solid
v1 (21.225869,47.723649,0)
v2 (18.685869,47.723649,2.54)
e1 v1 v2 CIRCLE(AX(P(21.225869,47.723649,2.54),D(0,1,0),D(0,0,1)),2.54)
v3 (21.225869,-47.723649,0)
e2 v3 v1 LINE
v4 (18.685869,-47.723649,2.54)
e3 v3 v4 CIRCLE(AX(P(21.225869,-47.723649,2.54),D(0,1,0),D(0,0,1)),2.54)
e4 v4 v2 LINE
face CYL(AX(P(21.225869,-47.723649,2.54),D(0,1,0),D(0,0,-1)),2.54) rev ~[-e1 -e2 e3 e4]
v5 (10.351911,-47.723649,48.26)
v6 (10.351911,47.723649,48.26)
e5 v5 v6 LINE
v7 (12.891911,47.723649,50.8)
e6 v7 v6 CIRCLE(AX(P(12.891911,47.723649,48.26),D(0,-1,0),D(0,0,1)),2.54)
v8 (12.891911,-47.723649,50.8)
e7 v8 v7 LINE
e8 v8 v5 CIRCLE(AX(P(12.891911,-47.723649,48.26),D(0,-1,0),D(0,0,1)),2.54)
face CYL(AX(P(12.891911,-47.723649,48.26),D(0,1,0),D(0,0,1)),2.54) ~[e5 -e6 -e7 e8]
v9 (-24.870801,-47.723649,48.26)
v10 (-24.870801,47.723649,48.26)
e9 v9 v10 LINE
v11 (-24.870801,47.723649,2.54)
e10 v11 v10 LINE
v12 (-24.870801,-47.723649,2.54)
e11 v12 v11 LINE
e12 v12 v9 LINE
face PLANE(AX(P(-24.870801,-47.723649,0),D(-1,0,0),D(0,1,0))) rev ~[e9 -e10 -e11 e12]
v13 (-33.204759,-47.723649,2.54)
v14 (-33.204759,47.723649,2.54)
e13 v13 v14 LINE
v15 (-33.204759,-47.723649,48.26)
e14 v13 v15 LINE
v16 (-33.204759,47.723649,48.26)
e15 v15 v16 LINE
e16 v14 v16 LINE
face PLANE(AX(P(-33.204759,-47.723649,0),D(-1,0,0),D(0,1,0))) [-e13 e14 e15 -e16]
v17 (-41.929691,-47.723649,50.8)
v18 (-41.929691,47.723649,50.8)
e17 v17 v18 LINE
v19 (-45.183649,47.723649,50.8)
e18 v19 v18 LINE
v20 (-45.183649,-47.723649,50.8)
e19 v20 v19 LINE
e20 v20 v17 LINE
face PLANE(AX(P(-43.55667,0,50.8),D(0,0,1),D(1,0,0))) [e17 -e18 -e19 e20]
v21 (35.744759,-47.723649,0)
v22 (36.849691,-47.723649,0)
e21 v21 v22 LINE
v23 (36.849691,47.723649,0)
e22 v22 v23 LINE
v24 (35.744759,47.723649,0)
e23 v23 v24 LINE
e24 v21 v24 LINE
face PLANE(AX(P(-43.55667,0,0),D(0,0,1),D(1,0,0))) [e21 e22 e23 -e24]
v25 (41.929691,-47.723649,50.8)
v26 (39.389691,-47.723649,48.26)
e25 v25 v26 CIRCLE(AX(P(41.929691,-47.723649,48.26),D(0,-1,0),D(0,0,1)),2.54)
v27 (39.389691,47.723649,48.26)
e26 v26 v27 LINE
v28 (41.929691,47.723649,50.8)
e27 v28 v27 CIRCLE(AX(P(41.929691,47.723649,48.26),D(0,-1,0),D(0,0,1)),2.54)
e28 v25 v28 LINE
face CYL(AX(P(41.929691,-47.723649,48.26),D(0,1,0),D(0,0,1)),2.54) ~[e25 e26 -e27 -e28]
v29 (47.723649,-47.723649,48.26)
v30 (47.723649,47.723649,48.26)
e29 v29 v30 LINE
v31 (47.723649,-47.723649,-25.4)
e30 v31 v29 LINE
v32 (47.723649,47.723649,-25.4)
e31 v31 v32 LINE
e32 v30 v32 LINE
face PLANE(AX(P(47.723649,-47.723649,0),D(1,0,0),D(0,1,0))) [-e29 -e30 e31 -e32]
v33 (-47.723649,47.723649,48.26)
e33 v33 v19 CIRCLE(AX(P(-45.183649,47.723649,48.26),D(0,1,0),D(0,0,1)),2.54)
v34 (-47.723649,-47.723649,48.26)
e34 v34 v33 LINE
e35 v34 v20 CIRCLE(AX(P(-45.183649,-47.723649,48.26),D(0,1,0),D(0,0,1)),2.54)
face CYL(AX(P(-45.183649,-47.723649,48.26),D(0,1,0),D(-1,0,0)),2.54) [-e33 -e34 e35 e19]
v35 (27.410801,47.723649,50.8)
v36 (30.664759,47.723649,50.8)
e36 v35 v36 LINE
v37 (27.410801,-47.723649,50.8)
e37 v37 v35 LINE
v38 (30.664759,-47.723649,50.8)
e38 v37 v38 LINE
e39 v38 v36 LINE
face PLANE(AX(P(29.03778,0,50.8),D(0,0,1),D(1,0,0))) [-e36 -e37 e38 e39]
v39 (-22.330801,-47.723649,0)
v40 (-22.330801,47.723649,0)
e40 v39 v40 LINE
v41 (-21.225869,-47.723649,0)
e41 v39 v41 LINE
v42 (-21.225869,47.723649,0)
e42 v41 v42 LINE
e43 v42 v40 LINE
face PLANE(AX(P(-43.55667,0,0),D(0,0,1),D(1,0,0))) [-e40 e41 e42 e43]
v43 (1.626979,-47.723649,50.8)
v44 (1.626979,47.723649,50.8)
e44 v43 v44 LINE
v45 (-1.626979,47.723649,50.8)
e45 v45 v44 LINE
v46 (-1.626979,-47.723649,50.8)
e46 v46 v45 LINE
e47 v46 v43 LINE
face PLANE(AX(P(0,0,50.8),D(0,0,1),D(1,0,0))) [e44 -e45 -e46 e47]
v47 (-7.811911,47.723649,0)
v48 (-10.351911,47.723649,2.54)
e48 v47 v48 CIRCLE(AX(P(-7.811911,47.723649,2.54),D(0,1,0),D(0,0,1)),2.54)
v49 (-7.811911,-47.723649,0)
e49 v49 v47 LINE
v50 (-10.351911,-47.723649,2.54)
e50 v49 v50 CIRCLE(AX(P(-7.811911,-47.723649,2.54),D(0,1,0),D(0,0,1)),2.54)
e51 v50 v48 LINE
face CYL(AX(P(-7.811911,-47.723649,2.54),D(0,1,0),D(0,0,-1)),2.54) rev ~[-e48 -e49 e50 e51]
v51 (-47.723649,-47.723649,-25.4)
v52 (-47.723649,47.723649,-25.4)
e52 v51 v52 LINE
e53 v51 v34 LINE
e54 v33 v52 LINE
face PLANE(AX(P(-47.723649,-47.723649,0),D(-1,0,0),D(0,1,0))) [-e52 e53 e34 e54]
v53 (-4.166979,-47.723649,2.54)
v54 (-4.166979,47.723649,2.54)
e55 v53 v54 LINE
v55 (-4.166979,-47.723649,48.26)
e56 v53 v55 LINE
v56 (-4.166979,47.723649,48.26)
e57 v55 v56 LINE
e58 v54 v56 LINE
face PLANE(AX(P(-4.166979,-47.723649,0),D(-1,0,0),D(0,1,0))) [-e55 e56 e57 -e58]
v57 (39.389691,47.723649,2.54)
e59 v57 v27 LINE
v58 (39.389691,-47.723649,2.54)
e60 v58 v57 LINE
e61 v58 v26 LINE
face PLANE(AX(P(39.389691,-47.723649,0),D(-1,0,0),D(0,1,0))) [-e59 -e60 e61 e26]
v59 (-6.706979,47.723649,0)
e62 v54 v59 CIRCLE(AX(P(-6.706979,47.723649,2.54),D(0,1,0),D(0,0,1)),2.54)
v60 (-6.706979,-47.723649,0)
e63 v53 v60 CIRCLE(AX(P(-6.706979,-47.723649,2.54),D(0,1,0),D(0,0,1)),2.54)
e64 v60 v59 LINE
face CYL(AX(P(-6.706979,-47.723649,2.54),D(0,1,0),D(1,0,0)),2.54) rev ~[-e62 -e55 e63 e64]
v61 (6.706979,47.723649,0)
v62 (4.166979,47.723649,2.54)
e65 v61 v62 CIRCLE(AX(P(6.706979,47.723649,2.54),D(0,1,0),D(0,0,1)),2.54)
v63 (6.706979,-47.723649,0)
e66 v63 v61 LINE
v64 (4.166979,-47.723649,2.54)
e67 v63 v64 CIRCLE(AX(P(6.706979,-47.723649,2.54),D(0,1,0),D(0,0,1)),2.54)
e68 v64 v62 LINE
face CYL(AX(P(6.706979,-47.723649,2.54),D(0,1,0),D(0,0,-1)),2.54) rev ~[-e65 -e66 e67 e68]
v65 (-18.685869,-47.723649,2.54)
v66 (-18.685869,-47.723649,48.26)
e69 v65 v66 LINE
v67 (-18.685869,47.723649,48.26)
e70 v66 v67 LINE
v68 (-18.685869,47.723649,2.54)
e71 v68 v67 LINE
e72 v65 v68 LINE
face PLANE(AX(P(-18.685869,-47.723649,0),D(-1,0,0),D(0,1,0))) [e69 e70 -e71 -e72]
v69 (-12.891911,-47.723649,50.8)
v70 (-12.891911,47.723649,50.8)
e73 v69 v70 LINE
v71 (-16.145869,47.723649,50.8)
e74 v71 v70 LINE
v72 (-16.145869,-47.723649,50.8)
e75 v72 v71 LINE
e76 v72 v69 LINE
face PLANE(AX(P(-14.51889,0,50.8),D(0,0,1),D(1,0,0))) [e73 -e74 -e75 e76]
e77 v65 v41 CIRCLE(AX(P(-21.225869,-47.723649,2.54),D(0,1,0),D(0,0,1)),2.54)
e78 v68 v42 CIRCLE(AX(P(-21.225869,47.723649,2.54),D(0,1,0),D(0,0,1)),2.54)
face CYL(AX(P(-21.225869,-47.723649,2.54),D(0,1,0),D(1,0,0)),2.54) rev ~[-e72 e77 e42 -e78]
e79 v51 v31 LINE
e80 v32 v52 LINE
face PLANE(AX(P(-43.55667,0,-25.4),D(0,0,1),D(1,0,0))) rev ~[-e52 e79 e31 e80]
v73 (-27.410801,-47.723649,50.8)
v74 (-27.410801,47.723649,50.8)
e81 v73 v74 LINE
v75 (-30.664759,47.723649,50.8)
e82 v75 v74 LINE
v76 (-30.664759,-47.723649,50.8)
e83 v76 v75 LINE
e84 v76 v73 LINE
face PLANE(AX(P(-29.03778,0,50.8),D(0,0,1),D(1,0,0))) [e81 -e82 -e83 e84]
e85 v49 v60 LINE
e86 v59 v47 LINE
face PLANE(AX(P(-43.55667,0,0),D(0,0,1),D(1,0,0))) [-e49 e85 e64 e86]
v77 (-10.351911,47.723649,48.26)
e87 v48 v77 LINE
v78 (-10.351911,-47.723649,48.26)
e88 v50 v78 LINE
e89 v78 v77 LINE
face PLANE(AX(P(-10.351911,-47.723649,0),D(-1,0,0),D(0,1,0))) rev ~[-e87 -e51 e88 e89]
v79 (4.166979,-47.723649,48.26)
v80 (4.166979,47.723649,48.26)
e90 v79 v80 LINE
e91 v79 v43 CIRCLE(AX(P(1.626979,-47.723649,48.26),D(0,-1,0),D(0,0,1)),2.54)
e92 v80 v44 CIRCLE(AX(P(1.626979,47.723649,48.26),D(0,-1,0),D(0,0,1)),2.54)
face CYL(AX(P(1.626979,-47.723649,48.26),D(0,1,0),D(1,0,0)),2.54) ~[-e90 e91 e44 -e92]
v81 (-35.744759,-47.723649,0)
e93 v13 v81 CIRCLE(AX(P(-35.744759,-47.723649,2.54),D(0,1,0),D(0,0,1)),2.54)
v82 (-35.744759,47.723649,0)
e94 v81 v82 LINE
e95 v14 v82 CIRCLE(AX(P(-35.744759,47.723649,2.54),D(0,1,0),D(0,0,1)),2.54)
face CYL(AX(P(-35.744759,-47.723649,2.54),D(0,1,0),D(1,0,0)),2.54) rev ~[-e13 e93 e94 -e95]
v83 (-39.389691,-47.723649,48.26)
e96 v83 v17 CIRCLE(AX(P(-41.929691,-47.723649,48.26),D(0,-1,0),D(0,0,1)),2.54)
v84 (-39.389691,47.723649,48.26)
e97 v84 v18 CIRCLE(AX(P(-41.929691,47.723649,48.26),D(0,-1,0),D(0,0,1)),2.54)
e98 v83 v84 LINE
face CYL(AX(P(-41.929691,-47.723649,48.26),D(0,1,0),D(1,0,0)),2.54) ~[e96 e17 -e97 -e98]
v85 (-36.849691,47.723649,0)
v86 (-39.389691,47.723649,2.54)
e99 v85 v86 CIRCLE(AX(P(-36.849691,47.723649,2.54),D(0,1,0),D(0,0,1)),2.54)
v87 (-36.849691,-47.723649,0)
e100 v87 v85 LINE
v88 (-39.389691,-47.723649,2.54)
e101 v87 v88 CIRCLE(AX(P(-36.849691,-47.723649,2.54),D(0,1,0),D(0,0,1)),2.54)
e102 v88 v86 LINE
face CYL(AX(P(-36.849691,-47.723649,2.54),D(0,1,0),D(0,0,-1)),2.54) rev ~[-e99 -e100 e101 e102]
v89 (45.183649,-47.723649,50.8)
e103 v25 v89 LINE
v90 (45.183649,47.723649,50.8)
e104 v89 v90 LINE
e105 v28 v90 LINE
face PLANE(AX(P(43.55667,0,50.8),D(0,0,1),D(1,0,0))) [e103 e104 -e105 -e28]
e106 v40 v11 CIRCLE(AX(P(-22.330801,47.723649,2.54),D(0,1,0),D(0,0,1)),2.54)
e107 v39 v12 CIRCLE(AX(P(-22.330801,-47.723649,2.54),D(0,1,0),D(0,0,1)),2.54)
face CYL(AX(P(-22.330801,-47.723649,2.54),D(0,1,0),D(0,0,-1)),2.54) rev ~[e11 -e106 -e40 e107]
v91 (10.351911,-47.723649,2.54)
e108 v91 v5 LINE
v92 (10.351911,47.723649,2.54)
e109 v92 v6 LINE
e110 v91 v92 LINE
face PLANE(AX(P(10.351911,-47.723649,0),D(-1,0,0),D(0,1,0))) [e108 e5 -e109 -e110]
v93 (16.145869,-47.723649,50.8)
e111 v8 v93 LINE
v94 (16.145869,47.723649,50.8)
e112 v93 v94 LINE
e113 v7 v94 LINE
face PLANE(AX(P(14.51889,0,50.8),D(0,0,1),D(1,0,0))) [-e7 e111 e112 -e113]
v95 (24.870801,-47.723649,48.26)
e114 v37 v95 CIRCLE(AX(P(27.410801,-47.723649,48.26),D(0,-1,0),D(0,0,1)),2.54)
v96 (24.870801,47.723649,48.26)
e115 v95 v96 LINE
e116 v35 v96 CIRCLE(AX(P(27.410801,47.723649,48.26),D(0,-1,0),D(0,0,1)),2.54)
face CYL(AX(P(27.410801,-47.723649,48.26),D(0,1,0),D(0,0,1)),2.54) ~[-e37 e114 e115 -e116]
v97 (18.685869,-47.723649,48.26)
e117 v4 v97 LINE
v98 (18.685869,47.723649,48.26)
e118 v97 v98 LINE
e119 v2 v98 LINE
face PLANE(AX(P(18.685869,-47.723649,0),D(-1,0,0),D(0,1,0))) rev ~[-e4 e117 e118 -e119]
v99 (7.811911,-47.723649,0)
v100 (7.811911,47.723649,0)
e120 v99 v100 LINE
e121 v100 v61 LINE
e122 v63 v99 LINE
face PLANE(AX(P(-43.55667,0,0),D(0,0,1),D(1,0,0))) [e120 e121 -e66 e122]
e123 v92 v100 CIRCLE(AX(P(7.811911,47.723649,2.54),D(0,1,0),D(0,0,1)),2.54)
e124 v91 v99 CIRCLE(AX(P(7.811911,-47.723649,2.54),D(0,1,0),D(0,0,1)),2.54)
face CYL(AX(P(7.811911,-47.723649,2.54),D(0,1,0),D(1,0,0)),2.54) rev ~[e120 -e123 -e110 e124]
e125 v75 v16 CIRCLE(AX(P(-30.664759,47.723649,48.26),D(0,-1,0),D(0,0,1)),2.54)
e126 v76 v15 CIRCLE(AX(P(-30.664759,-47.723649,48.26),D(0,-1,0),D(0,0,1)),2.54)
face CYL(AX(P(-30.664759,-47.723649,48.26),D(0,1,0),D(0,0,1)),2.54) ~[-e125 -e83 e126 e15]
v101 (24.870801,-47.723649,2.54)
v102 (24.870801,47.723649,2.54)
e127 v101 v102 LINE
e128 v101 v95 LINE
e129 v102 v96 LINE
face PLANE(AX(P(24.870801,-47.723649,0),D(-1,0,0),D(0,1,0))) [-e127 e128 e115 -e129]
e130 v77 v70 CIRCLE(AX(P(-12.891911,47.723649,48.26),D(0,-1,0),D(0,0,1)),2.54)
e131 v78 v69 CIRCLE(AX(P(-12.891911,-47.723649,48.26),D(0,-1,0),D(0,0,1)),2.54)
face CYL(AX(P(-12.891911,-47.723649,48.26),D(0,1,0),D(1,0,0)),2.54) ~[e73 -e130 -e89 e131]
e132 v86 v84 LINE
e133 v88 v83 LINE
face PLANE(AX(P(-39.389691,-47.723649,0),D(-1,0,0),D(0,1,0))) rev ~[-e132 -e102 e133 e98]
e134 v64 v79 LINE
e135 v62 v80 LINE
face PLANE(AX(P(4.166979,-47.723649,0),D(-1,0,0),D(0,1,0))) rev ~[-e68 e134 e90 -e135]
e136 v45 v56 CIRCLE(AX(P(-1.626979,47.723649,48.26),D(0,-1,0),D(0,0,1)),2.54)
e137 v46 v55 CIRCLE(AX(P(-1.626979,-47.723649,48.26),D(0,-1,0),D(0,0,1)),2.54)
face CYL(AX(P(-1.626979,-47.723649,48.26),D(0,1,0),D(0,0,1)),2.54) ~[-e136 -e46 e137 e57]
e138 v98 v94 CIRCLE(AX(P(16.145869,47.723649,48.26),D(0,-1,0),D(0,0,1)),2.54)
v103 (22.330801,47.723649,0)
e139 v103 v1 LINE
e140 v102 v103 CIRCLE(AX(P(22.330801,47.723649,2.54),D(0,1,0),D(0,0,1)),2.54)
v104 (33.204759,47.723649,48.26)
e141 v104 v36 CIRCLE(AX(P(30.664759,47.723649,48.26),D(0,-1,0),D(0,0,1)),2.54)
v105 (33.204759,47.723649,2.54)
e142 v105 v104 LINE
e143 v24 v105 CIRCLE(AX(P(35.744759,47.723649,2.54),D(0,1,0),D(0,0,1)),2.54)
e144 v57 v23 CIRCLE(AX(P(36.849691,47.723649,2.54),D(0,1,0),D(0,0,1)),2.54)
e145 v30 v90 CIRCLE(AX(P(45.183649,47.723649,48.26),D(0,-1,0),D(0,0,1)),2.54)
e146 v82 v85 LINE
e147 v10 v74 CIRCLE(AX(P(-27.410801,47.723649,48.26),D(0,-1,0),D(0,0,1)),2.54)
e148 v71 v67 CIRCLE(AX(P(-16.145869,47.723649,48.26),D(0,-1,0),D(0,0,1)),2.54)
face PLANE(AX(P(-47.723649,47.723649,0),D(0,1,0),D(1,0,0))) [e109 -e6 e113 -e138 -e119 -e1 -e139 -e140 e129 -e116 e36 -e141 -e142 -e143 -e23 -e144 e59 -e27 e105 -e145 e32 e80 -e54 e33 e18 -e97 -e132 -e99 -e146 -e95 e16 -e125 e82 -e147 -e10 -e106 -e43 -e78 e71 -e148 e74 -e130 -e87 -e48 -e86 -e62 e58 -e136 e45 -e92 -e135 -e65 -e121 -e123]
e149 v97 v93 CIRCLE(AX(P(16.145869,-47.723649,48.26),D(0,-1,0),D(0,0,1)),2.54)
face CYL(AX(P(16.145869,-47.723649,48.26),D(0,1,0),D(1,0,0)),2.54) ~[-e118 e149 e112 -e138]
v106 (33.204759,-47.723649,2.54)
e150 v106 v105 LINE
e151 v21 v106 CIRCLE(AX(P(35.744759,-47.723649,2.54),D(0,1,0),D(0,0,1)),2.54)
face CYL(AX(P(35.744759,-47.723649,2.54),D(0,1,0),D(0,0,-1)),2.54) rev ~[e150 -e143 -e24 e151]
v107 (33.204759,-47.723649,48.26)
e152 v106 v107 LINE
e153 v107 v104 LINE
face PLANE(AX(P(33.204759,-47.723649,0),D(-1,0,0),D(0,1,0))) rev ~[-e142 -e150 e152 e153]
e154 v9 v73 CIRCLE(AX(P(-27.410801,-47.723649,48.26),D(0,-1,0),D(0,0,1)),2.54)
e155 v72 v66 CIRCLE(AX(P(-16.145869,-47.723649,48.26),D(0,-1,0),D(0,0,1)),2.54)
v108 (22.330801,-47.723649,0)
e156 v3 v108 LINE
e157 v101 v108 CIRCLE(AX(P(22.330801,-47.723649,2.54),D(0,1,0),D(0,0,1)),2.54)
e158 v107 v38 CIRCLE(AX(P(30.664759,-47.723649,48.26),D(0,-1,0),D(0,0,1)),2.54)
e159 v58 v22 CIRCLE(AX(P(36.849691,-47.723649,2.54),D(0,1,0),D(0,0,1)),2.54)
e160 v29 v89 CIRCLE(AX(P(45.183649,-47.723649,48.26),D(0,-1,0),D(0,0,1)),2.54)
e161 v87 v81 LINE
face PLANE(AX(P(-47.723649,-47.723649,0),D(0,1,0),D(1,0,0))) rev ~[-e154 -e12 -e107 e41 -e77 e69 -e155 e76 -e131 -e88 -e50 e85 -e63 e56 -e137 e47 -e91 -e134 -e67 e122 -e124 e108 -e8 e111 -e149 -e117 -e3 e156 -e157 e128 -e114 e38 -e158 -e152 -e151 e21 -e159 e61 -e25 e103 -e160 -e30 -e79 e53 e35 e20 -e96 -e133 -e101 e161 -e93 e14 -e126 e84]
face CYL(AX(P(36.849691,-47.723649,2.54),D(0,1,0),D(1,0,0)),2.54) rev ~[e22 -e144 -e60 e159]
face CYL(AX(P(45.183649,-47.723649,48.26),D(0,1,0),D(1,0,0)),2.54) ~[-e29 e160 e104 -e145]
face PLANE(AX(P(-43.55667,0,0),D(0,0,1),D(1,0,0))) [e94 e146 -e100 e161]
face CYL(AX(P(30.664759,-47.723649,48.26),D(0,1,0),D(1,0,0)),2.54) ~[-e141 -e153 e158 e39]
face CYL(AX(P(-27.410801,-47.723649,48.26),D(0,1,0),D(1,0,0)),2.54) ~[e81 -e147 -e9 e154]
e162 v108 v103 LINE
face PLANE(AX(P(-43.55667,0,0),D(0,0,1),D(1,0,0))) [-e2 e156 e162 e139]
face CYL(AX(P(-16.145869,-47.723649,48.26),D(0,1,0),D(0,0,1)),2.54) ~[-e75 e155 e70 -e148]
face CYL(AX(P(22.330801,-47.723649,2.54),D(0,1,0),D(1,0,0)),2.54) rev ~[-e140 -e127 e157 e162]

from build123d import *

# Parameters (mm, degrees)
F0_W     = 8.333958
F0_H     = 95.447298
F0_W_2   = 6.184932
F1_DEPTH = 25.4
F2_DEPTH = 50.8
F3_R     = 2.54


with BuildPart() as f1:
    # F0 (on Top) → F1 (new body)
    with BuildSketch(Plane.XY):
        with Locations((-43.55667, 0)):
            Rectangle(F0_W, F0_H)
        with Locations((43.55667, 0)):
            Rectangle(F0_W, F0_H)
        with Locations((36.297225, 0)):
            Rectangle(F0_W_2, F0_H)
        with Locations((21.778335, 0)):
            Rectangle(F0_W_2, F0_H)
        with Locations((7.259445, 0)):
            Rectangle(F0_W_2, F0_H)
        with Locations((-7.259445, 0)):
            Rectangle(F0_W_2, F0_H)
        with Locations((-21.778335, 0)):
            Rectangle(F0_W_2, F0_H)
        with Locations((-36.297225, 0)):
            Rectangle(F0_W_2, F0_H)
        with Locations((-29.03778, 0)):
            Rectangle(F0_W, F0_H)
        with Locations((-14.51889, 0)):
            Rectangle(F0_W, F0_H)
        Rectangle(F0_W, F0_H)
        with Locations((14.51889, 0)):
            Rectangle(F0_W, F0_H)
        with Locations((29.03778, 0)):
            Rectangle(F0_W, F0_H)
    extrude(amount=-F1_DEPTH)

    # F0 (on Top) → F2 (join)
    with BuildSketch(Plane.XY):
        with Locations((-43.55667, 0)):
            Rectangle(F0_W, F0_H)
        with Locations((-29.03778, 0)):
            Rectangle(F0_W, F0_H)
        with Locations((-14.51889, 0)):
            Rectangle(F0_W, F0_H)
        Rectangle(F0_W, F0_H)
        with Locations((14.51889, 0)):
            Rectangle(F0_W, F0_H)
        with Locations((29.03778, 0)):
            Rectangle(F0_W, F0_H)
        with Locations((43.55667, 0)):
            Rectangle(F0_W, F0_H)
    extrude(amount=F2_DEPTH)

    # F3
    f3_edges = [f1.edges().sort_by_distance(p)[0] for p in [
        (-47.723649, 0, 50.8),
        (-39.389691, 0, 50.8),
        (-33.204759, 0, 50.8),
        (-24.870801, 0, 50.8),
        (-18.685869, 0, 50.8),
        (-10.351911, 0, 50.8),
        (-4.166979, 0, 50.8),
        (4.166979, 0, 50.8),
        (10.351911, 0, 50.8),
        (18.685869, 0, 50.8),
        (24.870801, 0, 50.8),
        (33.204759, 0, 50.8),
        (39.389691, 0, 50.8),
        (47.723649, 0, 50.8),
        (33.204759, 0, 0),
        (18.685869, 0, 0),
        (4.166979, 0, 0),
        (-10.351911, 0, 0),
        (-24.870801, 0, 0),
        (-39.389691, 0, 0),
        (-33.204759, 0, 0),
        (-18.685869, 0, 0),
        (-4.166979, 0, 0),
        (10.351911, 0, 0),
        (24.870801, 0, 0),
        (39.389691, 0, 0),
    ]]
    fillet(f3_edges, radius=F3_R)


solid = f1.part
